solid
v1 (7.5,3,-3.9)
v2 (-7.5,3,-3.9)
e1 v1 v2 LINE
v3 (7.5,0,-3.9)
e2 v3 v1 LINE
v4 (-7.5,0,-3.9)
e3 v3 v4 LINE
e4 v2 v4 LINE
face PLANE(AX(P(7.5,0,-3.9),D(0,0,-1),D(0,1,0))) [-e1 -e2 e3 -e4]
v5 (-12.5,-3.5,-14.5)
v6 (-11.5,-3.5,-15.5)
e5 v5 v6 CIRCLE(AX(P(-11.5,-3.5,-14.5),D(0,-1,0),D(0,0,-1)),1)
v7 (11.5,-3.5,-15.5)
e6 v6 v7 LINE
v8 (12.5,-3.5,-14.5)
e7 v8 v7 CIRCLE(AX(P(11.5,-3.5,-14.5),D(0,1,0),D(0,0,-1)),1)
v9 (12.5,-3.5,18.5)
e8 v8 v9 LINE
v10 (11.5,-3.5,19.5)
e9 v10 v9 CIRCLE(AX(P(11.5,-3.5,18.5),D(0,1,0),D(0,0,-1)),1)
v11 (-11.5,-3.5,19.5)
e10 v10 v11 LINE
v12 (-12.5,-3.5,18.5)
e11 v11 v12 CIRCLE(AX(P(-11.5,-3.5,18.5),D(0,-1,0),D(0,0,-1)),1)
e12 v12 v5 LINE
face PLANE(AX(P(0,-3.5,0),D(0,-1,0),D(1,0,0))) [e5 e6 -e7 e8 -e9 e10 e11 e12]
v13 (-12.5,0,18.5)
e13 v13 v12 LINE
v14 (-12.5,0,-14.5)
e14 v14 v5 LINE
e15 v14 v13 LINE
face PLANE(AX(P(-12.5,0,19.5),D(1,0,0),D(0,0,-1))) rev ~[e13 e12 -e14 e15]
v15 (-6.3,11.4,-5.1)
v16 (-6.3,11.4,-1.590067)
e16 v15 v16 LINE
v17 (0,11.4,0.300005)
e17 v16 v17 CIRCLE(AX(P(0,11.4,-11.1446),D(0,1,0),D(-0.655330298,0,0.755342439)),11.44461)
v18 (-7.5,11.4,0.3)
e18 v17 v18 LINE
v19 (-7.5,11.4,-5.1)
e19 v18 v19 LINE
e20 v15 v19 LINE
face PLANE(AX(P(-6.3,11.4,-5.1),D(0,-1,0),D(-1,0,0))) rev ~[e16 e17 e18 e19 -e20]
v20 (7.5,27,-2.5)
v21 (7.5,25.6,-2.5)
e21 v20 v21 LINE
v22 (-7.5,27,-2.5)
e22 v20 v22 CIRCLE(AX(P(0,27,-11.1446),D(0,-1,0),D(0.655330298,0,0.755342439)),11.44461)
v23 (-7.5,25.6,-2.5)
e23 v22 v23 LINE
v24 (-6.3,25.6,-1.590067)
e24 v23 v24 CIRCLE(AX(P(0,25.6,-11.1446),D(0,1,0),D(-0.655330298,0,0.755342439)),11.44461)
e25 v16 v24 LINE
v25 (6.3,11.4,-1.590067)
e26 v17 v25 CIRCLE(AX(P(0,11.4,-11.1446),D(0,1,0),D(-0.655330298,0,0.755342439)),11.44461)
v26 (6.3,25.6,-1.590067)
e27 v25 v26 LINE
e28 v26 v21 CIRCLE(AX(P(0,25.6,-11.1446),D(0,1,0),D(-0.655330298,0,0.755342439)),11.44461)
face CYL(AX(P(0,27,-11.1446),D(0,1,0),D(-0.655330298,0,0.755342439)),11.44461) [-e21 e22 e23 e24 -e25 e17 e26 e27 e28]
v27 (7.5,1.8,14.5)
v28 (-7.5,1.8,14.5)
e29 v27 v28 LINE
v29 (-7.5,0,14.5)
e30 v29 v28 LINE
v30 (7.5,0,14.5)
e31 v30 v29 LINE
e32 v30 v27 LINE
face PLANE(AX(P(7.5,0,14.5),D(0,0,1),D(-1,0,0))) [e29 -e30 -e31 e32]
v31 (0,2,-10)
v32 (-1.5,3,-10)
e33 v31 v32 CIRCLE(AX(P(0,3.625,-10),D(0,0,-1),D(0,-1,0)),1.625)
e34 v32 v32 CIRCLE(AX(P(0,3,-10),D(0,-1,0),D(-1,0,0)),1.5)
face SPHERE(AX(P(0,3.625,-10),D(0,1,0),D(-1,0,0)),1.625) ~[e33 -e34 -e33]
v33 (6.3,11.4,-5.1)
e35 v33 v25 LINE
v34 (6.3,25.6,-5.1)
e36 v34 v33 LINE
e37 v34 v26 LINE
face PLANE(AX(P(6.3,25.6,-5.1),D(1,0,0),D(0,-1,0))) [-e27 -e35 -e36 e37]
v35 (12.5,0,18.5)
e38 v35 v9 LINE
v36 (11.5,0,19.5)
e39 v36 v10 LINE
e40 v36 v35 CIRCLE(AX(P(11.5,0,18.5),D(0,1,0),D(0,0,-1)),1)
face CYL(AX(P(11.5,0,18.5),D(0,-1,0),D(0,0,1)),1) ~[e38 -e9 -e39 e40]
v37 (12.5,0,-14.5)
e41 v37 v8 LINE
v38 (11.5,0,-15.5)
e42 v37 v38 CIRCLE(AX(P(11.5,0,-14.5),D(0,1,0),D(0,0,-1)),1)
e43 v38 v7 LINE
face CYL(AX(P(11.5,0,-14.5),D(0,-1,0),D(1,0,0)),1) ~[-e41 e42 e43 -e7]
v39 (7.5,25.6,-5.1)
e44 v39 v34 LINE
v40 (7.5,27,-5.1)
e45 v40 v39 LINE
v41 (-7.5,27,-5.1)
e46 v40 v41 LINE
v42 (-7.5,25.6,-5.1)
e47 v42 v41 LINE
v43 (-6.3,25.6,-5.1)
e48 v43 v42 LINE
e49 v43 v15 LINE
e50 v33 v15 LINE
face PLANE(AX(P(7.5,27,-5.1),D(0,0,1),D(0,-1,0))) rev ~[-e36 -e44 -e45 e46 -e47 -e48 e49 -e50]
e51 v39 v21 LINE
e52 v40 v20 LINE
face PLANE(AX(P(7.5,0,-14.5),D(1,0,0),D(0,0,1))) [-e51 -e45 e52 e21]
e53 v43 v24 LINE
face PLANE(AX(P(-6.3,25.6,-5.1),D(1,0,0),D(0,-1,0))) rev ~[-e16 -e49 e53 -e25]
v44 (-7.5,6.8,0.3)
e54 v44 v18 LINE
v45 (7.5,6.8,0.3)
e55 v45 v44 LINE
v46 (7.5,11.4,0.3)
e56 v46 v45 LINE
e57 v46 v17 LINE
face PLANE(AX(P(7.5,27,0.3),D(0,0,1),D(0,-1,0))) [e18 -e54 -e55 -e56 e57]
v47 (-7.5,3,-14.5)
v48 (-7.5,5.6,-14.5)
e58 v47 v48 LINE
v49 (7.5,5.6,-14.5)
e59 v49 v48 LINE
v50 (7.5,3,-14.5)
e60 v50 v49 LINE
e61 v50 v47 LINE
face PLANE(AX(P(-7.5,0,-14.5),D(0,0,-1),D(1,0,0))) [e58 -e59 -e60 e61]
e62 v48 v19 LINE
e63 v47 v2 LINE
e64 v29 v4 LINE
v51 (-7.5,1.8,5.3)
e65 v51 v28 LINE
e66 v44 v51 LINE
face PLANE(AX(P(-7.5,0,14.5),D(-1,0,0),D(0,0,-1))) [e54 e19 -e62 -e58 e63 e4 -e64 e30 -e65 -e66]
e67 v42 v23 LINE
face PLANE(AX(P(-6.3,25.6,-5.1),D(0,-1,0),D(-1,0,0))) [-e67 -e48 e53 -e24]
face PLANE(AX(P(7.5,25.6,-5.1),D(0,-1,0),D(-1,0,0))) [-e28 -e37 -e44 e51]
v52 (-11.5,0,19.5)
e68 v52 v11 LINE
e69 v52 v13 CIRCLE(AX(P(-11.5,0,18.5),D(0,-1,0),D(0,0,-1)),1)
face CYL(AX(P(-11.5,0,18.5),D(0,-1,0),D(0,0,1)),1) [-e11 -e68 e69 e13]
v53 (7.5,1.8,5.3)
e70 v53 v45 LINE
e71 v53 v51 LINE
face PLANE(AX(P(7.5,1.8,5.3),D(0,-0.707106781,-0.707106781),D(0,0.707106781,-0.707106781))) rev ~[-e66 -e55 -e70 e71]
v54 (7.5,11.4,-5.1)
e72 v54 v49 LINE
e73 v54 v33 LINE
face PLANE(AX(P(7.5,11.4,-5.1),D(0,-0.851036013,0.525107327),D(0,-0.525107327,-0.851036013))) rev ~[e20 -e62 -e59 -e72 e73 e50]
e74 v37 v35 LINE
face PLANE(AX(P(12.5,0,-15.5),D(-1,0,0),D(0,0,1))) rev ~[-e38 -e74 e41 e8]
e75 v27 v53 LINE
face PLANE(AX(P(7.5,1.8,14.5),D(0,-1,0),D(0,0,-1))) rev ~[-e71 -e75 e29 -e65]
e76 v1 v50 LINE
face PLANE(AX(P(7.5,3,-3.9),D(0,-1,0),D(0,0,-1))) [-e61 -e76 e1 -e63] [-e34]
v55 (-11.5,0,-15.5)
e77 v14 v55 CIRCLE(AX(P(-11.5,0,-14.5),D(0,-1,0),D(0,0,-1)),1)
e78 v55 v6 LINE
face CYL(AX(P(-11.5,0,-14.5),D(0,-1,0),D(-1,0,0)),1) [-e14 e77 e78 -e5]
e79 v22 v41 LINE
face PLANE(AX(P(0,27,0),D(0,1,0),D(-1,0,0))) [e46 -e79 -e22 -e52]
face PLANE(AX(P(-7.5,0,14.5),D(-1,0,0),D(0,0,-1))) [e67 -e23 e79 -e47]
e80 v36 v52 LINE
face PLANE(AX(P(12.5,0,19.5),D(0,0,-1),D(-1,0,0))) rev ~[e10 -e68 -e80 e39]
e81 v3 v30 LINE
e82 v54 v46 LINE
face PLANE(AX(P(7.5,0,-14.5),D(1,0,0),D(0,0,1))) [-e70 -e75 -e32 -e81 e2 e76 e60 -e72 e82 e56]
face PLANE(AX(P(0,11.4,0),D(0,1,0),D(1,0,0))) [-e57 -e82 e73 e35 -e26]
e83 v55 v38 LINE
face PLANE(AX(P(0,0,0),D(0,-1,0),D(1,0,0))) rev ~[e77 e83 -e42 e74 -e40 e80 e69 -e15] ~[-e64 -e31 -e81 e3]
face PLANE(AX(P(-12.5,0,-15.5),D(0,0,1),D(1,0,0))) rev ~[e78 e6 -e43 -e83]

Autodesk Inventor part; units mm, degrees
ref_plane "YZ Plane" through (0, 0, 0) normal (1, 0, 0) x (0, 1, 0)
ref_plane "XZ Plane" through (0, 0, 0) normal (0, 1, 0) x (-1, 0, 0)
sketch "Эскиз1" plane through (0, 0, 0) normal (0, 1, 0) x (-1, 0, 0)
  line L0 (-7.5, 14.5) -> (7.5, 14.5)
  line L1 (7.5, 14.5) -> (7.5, -14.5)
  line L2 (7.5, -14.5) -> (-7.5, -14.5)
  line L3 (-7.5, -14.5) -> (-7.5, 14.5)
  line L4 (-7.5, 14.5) -> (7.5, -14.5) construction
  line L5 (7.5, 14.5) -> (-7.5, -14.5) construction
  point P0 (0, 0)
  dimension "d0" = 15
  dimension "d1" = 29
extrude "Выдавливание1" add sketch "Эскиз1" along normal blind 27
sketch "Эскиз2" plane through (0, 0, 0) normal (0, -1, 0) x (1, 0, 0)
  line L0 (12.5, 19.5) -> (-12.5, 19.5)
  line L1 (-12.5, 19.5) -> (-12.5, -15.5)
  line L2 (-12.5, -15.5) -> (12.5, -15.5)
  line L3 (12.5, -15.5) -> (12.5, 19.5)
  line L4 (7.5, 14.5) -> (7.5, -14.5) projected
  line L5 (-7.5, 14.5) -> (7.5, 14.5) projected
  point P0 (0, 0)
  dimension "d4" = 25
  dimension "d5" = 35
  dimension "d6" = 5
  dimension "d7" = 5
extrude "Выдавливание2" add sketch "Эскиз2" along normal blind 3.5
fillet "Сопряжение1" radius 1 1 edges at (-12.5, -1.75, 19.5)
fillet "Сопряжение2" radius 1 2 edges at (12.5, -1.75, 19.5) (12.5, -1.75, -15.5)
fillet "Сопряжение3" radius 1 1 edges at (-12.5, -1.75, -15.5)
sketch "Эскиз3" plane through (7.5, 27, 14.5) normal (1, 0, 0) x (0, 0, -1)
  line L0 (14.2, 0) -> (14.2, -20.2)
  line L1 (0, -27) -> (0, 0) projected
  line L2 (0, 0) -> (29, 0) projected
  line L3 (29, -27) -> (-4, -27) projected
  line L4 (-4, -27) -> (29, -27) projected
  line L5 (18.4, -27) -> (18.4, -24)
  line L6 (18.4, -24) -> (29, -24)
  line L7 (29, -27) -> (29, 0) projected
  line L8 (29, 0) -> (0, 0) projected
  line L9 (19.6, 0) -> (19.6, -15.6)
  line L10 (19.6, -15.6) -> (29, -21.4)
  line L11 (0, -25.2) -> (9.2, -25.2)
  line L12 (9.2, -25.2) -> (14.2, -20.2)
  point P0 (14.5, -27)
  dimension "d17" = 3
  dimension "d18" = 9.4
  dimension "d43" = 5
extrude "Выдавливание3" cut sketch "Эскиз3" against normal blind 23 contours L0 L12 L11 L1 L2 | L2 L7 L10 L9 | L5 L6 L7 L3
sketch "Эскиз5" plane through (0, 27, 0) normal (0, 1, 0) x (1, 0, 0)
  line L0 (-7.5, 3.9) -> (-7.5, -14.5) projected
  line L1 (7.5, -14.5) -> (7.5, 3.9) projected
  arc A0 (-7.5, 2.5) -> (7.5, 2.5) centre (0, 11.1446) ccw
  line L2 (-7.5, -0.3) -> (7.5, -0.3) projected
  line L3 (7.5, 5.1) -> (-7.5, 5.1) projected
  point P0 (0, 0)
  point P1 (0, -0.3)
  dimension "d23" = 2.6
  dimension "d24" = 2.6
extrude "Выдавливание4" cut sketch "Эскиз5" against normal blind 15.6
sketch "Эскиз6" plane through (7.5, 11.4, -5.1) normal (0, 0, -1) x (-1, 0, 0)
  line L0 (0, 0) -> (0, 15.6) projected
  line L1 (0, 15.6) -> (15, 15.6) projected
  line L2 (0, 14.2) -> (1.2, 14.2)
  line L3 (1.2, 14.2) -> (1.2, 0)
  line L4 (1.2, 0) -> (0, 0)
  line L5 (0, 0) -> (0, 14.2)
  line L6 (15, 0) -> (15, 15.6)
  line L7 (13.8, 14.2) -> (13.8, 0)
  line L8 (13.8, 0) -> (15, 0)
  line L9 (0, 14.2) -> (1.2, 14.2)
  line L10 (13.8, 14.2) -> (15.1024, 14.2)
  point P0 (7.5, -11.4)
  point P1 (15, 14.2)
  dimension "d28" = 1.2
extrude "Выдавливание5" cut sketch "Эскиз6" against normal blind 16
sketch "Эскиз7" plane through (7.5, 3, -14.5) normal (0, -1, 0) x (1, 0, 0)
  line L0 (0, 0) -> (0, 9.4) projected
  line L1 (0, 4.5) -> (-15, 4.5)
  line L2 (-15, 0) -> (-15, 10.6) projected
  line L3 (0, 0) -> (-15, 0) projected
  point P0 (-7.5, 14.5)
  dimension "d36" = 4.5
ref_plane "РабПлоскость1" through (-7.5, 3, -10) normal (0, 0, -1) x (-1, 0, 0)
sketch "Эскиз8" plane through (-7.5, 3, -10) normal (0, 0, -1) x (-1, 0, 0)
  line L0 (-15, 0) -> (0, 0) projected
  arc A0 (-7.5, -1) -> (-6, 0) centre (-7.5, 0.625) ccw
  line L1 (-15, 0) -> (0, 0) projected
  line L2 (-7.5, 0) -> (-7.5, -1.5688)
  point P0 (-7.5, -3)
  point P1 (-9, 0)
revolve "Вращение2" add sketch "Эскиз8" angle 360 about axis through (0, 3, -10) along (0, -1, 0)
properties part number "stopper"
